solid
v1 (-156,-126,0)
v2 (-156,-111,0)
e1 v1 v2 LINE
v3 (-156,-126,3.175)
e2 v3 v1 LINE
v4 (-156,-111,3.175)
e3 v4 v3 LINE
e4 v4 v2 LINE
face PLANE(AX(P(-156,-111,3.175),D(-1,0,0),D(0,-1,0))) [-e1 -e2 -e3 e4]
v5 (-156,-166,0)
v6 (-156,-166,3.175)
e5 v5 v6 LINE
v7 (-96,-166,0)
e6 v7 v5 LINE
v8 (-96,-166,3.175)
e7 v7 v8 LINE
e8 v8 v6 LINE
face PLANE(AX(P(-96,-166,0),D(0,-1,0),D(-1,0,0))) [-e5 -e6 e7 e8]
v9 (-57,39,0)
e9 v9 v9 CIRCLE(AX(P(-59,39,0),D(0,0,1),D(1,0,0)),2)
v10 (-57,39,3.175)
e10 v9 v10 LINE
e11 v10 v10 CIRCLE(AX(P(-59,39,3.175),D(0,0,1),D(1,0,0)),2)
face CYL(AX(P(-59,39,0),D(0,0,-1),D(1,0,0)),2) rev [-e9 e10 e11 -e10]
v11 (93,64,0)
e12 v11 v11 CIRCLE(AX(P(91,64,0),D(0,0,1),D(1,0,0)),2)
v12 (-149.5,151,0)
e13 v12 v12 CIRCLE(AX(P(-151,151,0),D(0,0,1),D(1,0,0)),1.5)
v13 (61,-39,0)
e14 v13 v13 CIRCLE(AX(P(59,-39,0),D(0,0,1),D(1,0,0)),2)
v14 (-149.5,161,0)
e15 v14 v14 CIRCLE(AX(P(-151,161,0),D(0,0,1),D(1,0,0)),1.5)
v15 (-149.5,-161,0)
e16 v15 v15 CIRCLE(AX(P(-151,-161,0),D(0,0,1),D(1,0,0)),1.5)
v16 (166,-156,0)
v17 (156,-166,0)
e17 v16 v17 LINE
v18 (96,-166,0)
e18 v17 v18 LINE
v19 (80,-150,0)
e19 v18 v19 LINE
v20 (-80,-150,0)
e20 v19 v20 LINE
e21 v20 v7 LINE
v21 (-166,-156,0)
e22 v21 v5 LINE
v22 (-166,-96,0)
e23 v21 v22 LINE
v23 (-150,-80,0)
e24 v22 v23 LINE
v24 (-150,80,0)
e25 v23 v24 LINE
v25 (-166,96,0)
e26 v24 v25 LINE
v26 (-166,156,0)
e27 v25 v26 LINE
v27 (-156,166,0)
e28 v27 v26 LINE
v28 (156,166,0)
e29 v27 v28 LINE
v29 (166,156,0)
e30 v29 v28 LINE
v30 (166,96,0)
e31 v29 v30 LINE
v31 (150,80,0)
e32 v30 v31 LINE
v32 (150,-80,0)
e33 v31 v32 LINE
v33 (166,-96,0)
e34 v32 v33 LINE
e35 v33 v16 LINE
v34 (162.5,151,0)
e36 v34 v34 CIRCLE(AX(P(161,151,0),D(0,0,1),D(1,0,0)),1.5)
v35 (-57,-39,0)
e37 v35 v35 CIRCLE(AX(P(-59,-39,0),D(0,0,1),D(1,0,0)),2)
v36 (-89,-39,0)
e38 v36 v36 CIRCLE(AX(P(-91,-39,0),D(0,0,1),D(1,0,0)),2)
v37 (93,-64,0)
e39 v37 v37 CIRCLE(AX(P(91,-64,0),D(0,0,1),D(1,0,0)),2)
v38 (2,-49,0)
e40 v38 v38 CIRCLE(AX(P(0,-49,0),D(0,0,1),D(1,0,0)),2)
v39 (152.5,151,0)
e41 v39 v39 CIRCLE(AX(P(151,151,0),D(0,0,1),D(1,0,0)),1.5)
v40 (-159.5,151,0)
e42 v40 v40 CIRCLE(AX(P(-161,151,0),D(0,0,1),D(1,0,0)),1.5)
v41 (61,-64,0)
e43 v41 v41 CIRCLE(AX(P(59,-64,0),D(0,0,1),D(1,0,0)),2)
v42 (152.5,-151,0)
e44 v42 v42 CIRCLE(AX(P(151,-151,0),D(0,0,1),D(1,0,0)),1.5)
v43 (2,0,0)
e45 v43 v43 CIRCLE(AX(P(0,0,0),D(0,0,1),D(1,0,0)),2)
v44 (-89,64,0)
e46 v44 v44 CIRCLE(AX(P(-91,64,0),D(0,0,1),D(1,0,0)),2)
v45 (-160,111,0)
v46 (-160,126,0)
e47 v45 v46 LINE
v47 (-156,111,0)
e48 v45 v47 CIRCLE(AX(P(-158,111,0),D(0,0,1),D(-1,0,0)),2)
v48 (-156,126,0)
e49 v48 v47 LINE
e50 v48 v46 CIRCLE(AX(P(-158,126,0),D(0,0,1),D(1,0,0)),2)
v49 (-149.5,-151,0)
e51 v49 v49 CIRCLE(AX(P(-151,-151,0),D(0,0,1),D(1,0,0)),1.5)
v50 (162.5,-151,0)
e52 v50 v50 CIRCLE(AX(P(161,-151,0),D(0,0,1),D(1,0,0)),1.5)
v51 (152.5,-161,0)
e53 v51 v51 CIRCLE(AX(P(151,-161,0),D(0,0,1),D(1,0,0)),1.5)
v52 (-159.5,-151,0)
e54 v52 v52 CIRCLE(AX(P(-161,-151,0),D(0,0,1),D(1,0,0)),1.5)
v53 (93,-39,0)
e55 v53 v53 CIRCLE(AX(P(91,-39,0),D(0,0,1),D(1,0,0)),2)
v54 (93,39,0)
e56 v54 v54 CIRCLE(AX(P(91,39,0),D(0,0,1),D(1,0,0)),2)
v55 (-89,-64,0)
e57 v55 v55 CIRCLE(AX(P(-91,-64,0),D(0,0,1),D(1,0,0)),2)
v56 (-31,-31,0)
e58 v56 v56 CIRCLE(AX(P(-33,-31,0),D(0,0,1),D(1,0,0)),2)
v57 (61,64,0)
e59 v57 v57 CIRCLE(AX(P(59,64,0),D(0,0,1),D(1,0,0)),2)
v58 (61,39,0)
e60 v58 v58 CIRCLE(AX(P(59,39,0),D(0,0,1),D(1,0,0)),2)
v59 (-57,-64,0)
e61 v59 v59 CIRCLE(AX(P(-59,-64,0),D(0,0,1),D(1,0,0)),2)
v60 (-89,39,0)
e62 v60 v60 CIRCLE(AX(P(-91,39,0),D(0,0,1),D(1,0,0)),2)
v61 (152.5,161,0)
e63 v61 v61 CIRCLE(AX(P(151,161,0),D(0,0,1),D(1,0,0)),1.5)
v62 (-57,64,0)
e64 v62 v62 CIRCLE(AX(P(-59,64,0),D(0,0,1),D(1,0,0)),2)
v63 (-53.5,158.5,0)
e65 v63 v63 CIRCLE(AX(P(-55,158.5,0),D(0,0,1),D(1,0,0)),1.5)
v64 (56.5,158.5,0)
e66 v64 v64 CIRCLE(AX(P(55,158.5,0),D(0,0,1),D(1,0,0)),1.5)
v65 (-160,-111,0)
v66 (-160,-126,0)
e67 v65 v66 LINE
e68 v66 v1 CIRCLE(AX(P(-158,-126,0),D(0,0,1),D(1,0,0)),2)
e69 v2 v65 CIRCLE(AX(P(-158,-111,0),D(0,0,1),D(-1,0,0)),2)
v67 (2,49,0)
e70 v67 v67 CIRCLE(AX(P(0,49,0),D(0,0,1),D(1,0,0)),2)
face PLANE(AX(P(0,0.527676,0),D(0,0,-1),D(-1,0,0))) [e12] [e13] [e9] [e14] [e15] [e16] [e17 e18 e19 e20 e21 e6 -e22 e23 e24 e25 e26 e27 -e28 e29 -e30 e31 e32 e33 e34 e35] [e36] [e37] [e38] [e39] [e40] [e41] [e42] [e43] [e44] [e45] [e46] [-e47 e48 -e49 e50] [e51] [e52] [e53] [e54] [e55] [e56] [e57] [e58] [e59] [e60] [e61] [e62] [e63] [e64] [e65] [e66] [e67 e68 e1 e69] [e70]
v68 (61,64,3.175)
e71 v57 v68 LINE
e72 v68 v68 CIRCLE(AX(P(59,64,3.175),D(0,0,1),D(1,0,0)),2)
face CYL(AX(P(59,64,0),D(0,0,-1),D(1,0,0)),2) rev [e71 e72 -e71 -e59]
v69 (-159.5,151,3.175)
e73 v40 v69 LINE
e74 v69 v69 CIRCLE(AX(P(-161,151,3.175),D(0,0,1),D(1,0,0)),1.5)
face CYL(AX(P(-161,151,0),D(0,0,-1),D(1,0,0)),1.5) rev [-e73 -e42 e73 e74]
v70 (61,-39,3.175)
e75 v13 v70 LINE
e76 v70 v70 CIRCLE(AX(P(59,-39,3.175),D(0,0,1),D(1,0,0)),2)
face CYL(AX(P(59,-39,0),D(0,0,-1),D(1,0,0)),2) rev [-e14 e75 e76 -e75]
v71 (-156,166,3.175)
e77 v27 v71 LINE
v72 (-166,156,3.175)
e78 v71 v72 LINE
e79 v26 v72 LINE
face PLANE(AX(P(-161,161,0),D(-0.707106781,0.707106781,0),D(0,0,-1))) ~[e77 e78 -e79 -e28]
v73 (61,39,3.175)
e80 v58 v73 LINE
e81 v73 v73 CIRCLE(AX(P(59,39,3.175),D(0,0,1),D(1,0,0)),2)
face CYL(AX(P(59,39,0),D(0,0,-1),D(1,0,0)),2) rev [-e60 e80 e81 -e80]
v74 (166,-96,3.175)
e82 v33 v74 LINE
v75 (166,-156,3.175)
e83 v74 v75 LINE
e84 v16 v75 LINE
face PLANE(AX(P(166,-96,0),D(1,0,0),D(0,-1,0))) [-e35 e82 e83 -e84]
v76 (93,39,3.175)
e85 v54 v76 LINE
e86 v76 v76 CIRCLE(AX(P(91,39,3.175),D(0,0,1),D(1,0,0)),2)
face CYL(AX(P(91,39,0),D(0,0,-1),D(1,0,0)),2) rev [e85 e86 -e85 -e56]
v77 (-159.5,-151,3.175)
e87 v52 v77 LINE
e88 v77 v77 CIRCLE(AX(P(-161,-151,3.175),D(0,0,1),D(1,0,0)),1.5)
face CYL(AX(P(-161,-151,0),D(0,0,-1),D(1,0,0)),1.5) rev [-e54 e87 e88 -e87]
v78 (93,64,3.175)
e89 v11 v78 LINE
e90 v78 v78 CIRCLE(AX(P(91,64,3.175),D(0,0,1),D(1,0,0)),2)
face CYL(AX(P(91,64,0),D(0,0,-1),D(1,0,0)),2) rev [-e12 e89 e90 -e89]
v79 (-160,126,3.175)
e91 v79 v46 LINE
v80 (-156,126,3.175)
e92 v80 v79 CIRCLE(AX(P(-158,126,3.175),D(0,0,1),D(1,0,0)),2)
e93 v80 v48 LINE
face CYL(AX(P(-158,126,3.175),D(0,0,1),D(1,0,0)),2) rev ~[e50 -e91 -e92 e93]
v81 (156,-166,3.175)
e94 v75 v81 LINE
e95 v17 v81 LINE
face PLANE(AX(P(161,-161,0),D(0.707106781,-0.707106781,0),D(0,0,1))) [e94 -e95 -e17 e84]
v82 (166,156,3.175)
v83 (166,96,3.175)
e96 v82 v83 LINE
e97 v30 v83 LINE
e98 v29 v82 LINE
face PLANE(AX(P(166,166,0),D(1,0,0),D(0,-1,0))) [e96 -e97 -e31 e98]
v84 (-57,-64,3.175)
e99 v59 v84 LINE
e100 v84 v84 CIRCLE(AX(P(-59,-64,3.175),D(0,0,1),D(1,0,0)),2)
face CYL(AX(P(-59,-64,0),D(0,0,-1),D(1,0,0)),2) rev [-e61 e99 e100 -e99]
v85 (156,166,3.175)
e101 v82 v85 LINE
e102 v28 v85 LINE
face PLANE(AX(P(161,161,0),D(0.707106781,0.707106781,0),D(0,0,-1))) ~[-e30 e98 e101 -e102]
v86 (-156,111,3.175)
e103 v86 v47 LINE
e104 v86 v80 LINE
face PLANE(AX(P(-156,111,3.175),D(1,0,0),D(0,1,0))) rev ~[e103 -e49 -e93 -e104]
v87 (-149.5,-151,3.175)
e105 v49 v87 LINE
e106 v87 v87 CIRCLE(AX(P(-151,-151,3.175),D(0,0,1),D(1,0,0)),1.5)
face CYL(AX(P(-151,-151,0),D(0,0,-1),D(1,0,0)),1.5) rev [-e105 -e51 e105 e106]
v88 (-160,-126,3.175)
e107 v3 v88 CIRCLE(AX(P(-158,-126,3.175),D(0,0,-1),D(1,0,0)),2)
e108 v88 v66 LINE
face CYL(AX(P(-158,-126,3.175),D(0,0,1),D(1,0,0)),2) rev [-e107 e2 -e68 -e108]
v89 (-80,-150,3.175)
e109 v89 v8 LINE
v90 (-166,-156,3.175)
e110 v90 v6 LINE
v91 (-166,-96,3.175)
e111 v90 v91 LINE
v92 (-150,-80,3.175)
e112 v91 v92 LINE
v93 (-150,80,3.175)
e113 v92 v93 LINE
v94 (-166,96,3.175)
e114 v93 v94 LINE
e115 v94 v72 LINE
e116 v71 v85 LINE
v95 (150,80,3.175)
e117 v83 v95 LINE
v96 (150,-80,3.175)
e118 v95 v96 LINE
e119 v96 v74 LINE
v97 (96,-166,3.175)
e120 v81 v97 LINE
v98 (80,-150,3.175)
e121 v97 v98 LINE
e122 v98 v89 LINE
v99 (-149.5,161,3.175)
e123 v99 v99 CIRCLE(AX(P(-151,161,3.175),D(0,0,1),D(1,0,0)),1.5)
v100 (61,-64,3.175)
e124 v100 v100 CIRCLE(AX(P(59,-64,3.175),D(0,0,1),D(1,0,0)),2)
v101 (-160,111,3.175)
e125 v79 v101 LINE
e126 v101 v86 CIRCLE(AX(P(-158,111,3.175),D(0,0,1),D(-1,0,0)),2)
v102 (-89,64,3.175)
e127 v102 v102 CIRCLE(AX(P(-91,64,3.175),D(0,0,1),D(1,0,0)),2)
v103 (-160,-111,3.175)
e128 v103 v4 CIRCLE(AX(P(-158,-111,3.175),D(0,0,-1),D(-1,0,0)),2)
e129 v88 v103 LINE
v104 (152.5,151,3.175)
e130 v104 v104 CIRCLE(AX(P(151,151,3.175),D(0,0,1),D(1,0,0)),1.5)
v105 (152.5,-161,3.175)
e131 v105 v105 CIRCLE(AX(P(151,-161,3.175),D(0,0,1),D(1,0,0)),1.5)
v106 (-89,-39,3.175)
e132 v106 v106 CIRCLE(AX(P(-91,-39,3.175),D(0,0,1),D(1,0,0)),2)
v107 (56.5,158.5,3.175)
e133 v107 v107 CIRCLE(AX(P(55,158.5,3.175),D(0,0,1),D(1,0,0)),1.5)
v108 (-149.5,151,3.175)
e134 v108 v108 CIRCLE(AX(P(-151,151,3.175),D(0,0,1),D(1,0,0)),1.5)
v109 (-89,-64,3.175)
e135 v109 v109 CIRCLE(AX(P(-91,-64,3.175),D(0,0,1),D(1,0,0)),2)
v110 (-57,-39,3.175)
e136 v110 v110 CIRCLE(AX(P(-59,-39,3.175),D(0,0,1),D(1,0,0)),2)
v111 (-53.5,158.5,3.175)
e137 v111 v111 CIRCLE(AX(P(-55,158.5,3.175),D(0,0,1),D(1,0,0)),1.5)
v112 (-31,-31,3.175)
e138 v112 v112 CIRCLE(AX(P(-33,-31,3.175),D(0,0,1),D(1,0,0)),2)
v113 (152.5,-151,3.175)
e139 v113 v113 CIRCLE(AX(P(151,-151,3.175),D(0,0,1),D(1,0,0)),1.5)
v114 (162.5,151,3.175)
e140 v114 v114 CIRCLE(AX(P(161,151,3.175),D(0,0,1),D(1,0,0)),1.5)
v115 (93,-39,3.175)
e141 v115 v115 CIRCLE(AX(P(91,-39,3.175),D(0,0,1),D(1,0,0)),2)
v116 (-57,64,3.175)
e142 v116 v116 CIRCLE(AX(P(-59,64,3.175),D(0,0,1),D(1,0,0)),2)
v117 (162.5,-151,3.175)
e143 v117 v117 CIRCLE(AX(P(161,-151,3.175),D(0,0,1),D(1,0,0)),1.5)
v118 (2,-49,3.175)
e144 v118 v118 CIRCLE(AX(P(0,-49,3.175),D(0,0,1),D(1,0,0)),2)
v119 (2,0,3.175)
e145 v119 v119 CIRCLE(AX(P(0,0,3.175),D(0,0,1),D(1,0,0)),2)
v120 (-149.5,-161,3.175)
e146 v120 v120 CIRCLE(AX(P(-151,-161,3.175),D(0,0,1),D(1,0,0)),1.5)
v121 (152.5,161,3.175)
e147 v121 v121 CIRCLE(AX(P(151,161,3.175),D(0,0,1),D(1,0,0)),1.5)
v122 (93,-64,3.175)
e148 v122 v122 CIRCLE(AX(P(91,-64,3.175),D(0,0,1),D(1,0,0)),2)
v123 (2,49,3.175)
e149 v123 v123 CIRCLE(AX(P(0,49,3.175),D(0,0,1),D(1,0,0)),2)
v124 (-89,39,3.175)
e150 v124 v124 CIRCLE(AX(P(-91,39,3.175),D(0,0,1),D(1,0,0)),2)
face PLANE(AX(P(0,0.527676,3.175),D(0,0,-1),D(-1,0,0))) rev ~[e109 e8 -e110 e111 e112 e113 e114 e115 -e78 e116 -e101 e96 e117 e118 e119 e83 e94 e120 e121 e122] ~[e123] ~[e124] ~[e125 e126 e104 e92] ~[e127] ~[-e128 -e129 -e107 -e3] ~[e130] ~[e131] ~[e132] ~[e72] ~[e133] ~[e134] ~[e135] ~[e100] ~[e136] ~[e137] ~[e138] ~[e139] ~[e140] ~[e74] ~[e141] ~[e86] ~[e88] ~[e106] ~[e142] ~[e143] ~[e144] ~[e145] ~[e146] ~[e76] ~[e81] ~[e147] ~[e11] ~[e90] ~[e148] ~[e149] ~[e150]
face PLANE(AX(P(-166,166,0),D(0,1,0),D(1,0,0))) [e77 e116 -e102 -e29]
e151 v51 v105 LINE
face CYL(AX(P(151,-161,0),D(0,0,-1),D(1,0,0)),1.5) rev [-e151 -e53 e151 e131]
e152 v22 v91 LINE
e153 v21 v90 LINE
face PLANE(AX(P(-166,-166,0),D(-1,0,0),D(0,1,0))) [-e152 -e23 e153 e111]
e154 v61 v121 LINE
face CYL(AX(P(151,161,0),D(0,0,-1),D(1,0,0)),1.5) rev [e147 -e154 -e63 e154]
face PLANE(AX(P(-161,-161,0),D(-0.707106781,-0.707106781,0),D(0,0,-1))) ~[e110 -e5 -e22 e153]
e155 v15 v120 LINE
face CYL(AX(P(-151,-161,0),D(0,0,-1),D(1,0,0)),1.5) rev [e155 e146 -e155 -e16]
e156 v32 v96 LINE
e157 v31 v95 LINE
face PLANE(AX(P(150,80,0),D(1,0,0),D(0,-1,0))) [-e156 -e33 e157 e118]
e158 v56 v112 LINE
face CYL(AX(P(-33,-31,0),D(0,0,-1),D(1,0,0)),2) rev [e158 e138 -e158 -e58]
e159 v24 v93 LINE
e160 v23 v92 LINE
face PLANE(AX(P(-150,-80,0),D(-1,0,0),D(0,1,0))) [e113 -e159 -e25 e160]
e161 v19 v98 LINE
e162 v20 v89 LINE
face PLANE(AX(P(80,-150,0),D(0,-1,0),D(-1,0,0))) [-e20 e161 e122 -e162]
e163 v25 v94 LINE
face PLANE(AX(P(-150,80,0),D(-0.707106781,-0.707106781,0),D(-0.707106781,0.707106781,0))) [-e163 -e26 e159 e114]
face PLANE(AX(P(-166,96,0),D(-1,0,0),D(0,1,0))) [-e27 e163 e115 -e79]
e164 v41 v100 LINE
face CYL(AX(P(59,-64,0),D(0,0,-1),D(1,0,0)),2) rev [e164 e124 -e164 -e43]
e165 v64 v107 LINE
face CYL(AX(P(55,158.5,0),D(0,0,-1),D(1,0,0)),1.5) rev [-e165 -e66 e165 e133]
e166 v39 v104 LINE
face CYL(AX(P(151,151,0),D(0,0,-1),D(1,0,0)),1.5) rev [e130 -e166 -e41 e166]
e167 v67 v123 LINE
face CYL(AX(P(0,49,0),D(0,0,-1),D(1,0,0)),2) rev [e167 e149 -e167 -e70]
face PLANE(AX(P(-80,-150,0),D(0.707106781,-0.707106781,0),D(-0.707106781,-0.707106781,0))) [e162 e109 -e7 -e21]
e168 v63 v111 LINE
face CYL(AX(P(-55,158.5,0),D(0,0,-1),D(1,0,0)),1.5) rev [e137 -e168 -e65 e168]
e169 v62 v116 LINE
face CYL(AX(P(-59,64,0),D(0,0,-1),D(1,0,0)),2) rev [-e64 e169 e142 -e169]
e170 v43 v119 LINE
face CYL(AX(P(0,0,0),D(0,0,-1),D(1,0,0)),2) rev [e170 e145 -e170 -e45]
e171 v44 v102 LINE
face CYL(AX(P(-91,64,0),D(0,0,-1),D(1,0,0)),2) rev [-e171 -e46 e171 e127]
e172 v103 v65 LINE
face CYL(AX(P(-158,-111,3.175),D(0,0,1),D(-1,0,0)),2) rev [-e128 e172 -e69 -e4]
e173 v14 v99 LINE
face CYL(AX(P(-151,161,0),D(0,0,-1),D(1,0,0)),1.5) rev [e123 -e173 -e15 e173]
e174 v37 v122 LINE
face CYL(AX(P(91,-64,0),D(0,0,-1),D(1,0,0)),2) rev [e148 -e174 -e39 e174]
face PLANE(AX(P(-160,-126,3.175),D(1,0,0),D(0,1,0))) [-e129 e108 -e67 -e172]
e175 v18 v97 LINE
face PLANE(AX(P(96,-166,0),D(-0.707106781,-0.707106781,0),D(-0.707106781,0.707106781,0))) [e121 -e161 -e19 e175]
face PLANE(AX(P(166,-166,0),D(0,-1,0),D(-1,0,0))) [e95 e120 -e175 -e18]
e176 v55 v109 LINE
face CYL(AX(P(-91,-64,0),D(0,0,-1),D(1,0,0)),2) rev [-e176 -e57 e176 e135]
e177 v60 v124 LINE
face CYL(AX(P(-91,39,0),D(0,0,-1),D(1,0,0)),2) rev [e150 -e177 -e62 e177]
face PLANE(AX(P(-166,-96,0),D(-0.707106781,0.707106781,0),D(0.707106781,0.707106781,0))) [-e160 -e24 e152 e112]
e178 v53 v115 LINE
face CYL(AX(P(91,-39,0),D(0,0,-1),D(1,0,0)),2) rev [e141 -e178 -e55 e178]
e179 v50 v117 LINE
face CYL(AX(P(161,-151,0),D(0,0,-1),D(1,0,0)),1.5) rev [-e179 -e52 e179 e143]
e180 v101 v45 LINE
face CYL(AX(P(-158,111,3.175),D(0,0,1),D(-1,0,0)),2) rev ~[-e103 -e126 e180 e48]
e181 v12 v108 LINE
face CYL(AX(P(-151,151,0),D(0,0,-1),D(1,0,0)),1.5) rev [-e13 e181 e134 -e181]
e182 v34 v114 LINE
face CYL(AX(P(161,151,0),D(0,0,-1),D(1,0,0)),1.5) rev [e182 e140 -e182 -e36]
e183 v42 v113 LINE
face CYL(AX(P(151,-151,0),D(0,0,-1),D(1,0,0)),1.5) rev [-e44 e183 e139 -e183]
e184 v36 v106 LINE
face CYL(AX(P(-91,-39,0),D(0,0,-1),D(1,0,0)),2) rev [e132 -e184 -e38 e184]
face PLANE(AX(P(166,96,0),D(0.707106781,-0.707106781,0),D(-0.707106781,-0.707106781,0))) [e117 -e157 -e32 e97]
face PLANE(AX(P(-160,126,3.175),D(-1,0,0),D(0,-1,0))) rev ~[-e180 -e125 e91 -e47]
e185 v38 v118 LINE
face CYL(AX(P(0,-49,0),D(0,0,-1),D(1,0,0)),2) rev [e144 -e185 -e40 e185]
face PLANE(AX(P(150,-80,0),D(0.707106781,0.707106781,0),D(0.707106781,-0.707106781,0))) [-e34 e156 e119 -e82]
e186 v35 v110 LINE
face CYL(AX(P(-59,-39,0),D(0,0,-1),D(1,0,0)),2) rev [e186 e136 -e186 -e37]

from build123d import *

# Parameters (mm, degrees)
SKETCH1_R           = 2
SKETCH1_R_2         = 1.5
BOSS_EXTRUDE1_DEPTH = 3.175
CUT_EXTRUDE1_DEPTH  = 4.175
CHAMFER1_SIZE       = 10


with BuildPart() as part:
    # Sketch1 → Boss-Extrude1 (new body)
    with BuildSketch(Plane.XY):
        Polygon((166, 166), (166, 96), (150, 80), (150, -80), (166, -96), (166, -166), (96, -166), (80, -150), (-80, -150), (-96, -166), (-166, -166), (-166, -96), (-150, -80), (-150, 80), (-166, 96), (-166, 166), align=None)
        with Locations((-91, 64)):
            Circle(SKETCH1_R, mode=Mode.SUBTRACT)
        with Locations((-91, 39)):
            Circle(SKETCH1_R, mode=Mode.SUBTRACT)
        with Locations((-59, 39)):
            Circle(SKETCH1_R, mode=Mode.SUBTRACT)
        with Locations((-59, 64)):
            Circle(SKETCH1_R, mode=Mode.SUBTRACT)
        with Locations((59, 39)):
            Circle(SKETCH1_R, mode=Mode.SUBTRACT)
        with Locations((59, 64)):
            Circle(SKETCH1_R, mode=Mode.SUBTRACT)
        with Locations((91, 39)):
            Circle(SKETCH1_R, mode=Mode.SUBTRACT)
        with Locations((91, 64)):
            Circle(SKETCH1_R, mode=Mode.SUBTRACT)
        with Locations((59, -64)):
            Circle(SKETCH1_R, mode=Mode.SUBTRACT)
        with Locations((59, -39)):
            Circle(SKETCH1_R, mode=Mode.SUBTRACT)
        with Locations((91, -39)):
            Circle(SKETCH1_R, mode=Mode.SUBTRACT)
        with Locations((91, -64)):
            Circle(SKETCH1_R, mode=Mode.SUBTRACT)
        with Locations((-91, -64)):
            Circle(SKETCH1_R, mode=Mode.SUBTRACT)
        with Locations((-59, -64)):
            Circle(SKETCH1_R, mode=Mode.SUBTRACT)
        with Locations((-59, -39)):
            Circle(SKETCH1_R, mode=Mode.SUBTRACT)
        with Locations((-91, -39)):
            Circle(SKETCH1_R, mode=Mode.SUBTRACT)
        with Locations((-33, -31)):
            Circle(SKETCH1_R, mode=Mode.SUBTRACT)
        Circle(SKETCH1_R, mode=Mode.SUBTRACT)
        with Locations((0, 49)):
            Circle(SKETCH1_R, mode=Mode.SUBTRACT)
        with Locations((0, -49)):
            Circle(SKETCH1_R, mode=Mode.SUBTRACT)
        with Locations((-151, 161)):
            Circle(SKETCH1_R_2, mode=Mode.SUBTRACT)
        with Locations((-161, 151)):
            Circle(SKETCH1_R_2, mode=Mode.SUBTRACT)
        with Locations((151, 161)):
            Circle(SKETCH1_R_2, mode=Mode.SUBTRACT)
        with Locations((161, 151)):
            Circle(SKETCH1_R_2, mode=Mode.SUBTRACT)
        with Locations((161, -151)):
            Circle(SKETCH1_R_2, mode=Mode.SUBTRACT)
        with Locations((151, -161)):
            Circle(SKETCH1_R_2, mode=Mode.SUBTRACT)
        with Locations((-151, -161)):
            Circle(SKETCH1_R_2, mode=Mode.SUBTRACT)
        with Locations((-161, -151)):
            Circle(SKETCH1_R_2, mode=Mode.SUBTRACT)
        with Locations((-151, 151)):
            Circle(SKETCH1_R_2, mode=Mode.SUBTRACT)
        with Locations((151, 151)):
            Circle(SKETCH1_R_2, mode=Mode.SUBTRACT)
        with Locations((151, -151)):
            Circle(SKETCH1_R_2, mode=Mode.SUBTRACT)
        with Locations((-151, -151)):
            Circle(SKETCH1_R_2, mode=Mode.SUBTRACT)
        with Locations((-55, 158.5)):
            Circle(SKETCH1_R_2, mode=Mode.SUBTRACT)
        with Locations((55, 158.5)):
            Circle(SKETCH1_R_2, mode=Mode.SUBTRACT)
    extrude(amount=BOSS_EXTRUDE1_DEPTH)

    # Sketch2 → Cut-Extrude1 (cut, through all)
    with BuildSketch(Plane.XY.offset(3.175)):
        with BuildLine():
            Line((-160, 126), (-160, 111))
            ThreePointArc((-160, 111), (-158, 109), (-156, 111))
            Line((-156, 111), (-156, 126))
            ThreePointArc((-156, 126), (-158, 128), (-160, 126))
        make_face()
        with BuildLine():
            Line((-156, -111), (-156, -126))
            ThreePointArc((-156, -126), (-158, -128), (-160, -126))
            Line((-160, -126), (-160, -111))
            ThreePointArc((-160, -111), (-158, -109), (-156, -111))
        make_face()
    extrude(amount=-CUT_EXTRUDE1_DEPTH, mode=Mode.SUBTRACT)

    # Chamfer1
    chamfer1_edges = [part.edges().sort_by_distance(p)[0] for p in [
        (166, -166, 1.5875),
        (-166, -166, 1.5875),
        (-166, 166, 1.5875),
        (166, 166, 1.5875),
    ]]
    chamfer(chamfer1_edges, length=CHAMFER1_SIZE)


solid = part.part
